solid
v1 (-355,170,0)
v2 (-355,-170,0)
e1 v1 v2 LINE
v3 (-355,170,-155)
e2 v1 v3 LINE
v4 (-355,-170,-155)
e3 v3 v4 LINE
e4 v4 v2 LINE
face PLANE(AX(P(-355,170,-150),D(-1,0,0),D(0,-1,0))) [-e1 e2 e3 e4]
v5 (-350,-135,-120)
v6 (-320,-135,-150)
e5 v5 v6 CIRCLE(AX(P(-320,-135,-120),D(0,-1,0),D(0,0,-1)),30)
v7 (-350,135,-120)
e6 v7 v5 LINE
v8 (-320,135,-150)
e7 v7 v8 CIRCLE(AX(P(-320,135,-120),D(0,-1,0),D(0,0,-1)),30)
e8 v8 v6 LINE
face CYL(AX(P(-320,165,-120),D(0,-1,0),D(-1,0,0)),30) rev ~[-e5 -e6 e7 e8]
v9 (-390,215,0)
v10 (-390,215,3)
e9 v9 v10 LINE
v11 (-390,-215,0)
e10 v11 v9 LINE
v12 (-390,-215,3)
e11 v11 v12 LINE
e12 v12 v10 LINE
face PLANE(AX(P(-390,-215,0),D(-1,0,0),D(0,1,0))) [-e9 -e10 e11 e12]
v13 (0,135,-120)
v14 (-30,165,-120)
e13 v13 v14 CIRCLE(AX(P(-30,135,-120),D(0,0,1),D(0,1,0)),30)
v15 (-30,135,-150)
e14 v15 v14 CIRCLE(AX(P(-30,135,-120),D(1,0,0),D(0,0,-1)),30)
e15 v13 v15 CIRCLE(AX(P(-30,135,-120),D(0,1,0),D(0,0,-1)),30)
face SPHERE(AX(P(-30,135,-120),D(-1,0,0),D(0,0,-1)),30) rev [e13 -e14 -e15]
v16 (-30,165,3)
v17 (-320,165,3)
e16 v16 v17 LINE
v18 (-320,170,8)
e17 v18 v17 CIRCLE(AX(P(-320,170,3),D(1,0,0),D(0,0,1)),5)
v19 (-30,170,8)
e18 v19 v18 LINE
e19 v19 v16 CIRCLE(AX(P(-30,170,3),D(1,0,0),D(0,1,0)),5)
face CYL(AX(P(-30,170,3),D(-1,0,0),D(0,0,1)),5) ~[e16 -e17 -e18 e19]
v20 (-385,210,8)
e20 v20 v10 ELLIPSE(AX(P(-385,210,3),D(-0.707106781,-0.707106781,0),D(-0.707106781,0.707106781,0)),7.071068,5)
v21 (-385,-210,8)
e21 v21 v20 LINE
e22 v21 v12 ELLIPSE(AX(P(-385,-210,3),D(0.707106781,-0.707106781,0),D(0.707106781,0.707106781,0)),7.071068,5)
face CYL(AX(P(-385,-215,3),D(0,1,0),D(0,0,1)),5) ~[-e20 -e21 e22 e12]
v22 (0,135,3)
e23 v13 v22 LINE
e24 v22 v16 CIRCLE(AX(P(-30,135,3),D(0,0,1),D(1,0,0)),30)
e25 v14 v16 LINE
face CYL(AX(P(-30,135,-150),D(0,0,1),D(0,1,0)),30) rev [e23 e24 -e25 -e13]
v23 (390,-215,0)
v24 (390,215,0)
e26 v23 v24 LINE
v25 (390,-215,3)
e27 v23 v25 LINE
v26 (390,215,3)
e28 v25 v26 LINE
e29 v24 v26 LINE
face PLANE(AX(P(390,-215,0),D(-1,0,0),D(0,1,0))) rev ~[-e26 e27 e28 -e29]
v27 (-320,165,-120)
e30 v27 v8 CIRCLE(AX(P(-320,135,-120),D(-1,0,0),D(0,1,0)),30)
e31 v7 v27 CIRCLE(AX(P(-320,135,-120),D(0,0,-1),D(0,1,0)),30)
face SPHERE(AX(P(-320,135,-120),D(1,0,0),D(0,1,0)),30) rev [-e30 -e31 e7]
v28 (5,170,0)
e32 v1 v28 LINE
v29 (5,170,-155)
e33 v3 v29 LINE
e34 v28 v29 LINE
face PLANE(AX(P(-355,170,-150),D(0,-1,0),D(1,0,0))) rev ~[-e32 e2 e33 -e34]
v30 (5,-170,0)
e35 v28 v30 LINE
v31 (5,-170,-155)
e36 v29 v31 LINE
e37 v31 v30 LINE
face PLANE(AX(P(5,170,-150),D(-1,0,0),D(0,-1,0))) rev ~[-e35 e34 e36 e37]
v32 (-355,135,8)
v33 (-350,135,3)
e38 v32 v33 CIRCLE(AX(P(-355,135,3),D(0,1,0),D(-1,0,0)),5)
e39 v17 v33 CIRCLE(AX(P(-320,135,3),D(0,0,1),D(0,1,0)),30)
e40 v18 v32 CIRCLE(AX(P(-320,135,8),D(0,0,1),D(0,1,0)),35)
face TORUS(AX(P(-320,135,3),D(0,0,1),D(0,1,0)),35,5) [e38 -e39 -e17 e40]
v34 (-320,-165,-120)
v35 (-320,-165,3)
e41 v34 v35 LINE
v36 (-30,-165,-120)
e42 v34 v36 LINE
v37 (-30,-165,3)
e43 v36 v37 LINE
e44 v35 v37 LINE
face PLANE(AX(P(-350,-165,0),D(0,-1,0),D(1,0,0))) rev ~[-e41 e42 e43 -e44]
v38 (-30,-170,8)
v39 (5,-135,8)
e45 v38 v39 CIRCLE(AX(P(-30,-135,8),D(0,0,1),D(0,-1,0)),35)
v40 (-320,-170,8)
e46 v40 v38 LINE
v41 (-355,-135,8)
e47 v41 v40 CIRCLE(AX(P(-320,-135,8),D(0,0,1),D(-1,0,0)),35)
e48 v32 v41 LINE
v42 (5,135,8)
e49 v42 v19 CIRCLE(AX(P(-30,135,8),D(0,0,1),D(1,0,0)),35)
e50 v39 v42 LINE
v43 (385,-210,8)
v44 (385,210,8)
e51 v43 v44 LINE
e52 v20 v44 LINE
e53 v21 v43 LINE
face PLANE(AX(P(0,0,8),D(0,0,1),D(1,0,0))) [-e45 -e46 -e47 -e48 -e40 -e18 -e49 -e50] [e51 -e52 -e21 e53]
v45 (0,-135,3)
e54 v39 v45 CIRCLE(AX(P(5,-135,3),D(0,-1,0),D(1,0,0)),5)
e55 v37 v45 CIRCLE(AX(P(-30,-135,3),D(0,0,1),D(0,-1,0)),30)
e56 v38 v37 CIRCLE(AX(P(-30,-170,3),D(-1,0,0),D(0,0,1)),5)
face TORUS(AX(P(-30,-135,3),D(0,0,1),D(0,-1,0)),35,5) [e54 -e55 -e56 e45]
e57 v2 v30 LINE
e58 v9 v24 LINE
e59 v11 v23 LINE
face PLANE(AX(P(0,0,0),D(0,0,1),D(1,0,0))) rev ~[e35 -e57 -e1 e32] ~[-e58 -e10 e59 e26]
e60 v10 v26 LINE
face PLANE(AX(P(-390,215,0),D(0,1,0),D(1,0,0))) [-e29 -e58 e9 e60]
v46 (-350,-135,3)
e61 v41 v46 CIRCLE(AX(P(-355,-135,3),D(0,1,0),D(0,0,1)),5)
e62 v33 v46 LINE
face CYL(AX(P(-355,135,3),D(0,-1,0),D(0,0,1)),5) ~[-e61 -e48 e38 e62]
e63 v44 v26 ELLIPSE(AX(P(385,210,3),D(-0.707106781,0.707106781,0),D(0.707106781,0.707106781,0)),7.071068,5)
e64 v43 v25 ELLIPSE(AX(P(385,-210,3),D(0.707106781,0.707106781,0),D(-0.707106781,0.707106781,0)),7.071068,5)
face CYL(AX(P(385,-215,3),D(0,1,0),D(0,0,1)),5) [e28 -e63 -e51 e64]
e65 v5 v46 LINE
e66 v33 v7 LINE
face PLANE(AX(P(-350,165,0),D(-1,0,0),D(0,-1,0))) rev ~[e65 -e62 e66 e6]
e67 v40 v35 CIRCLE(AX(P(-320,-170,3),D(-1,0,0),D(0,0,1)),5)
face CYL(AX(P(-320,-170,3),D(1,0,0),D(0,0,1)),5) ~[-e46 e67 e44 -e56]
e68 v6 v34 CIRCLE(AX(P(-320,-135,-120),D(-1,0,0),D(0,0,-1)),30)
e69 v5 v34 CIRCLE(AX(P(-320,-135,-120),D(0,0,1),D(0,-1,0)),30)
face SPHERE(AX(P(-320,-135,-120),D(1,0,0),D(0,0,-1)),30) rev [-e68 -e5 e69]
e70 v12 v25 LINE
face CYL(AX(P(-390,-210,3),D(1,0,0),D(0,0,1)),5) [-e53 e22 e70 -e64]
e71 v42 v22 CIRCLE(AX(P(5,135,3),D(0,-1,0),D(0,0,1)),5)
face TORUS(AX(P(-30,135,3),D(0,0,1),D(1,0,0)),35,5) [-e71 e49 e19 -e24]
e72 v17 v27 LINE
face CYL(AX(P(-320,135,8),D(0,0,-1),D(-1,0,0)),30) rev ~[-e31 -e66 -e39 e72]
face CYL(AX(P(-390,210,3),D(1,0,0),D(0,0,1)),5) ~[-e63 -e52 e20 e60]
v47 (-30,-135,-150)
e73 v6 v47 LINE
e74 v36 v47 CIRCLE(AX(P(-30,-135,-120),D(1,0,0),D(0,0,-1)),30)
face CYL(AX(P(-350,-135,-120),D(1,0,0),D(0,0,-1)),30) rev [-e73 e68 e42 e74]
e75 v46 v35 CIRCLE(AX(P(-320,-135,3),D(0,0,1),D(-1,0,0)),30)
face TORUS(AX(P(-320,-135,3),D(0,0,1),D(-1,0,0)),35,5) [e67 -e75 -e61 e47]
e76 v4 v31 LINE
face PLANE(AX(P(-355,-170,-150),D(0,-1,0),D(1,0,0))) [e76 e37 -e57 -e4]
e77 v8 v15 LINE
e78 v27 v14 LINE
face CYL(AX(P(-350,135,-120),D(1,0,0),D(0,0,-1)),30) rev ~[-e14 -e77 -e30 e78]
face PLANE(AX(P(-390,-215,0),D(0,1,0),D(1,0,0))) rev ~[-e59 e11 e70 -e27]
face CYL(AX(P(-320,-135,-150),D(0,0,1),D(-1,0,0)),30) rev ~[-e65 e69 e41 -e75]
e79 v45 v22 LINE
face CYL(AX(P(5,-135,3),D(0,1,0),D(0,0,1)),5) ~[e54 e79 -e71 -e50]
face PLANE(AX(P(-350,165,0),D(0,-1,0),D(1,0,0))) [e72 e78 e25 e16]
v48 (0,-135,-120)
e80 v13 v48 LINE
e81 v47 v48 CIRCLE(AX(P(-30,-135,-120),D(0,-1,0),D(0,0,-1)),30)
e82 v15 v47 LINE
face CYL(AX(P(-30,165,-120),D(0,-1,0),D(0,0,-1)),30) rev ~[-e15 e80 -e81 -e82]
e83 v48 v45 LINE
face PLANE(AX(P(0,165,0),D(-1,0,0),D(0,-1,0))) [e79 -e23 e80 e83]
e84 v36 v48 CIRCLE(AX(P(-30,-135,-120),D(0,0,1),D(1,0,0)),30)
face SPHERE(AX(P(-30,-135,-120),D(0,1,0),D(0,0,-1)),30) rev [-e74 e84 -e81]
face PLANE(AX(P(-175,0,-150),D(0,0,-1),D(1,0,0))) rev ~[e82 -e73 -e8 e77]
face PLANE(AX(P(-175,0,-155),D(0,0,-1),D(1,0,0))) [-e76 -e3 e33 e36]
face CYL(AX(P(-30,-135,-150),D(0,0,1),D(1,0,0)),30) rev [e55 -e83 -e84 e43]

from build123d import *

# Parameters (mm, degrees)
F0_W     = 780
F0_H     = 430
F1_DEPTH = 8
F3_W     = 350
F3_H     = 330
F4_DEPTH = 25
F5_W     = 360
F5_H     = 340
F5_W_2   = 350
F5_H_2   = 330
F6_DEPTH = 150
F7_W     = 360
F7_H     = 340
F7_W_2   = 350
F7_H_2   = 330
F8_DEPTH = 5
F9_R     = 30
F10_R    = 5


with BuildPart() as f1:
    # F0 (on Top) → F1 (new body)
    with BuildSketch(Plane.XY):
        Rectangle(F0_W, F0_H)
    extrude(amount=F1_DEPTH)

    # F3 (on face) → F4 (cut)
    with BuildSketch(Plane.XY.offset(8)):
        with Locations((-175, 0)):
            Rectangle(F3_W, F3_H)
    extrude(amount=-F4_DEPTH, mode=Mode.SUBTRACT)

    # F5 (on face) → F6 (join)
    with BuildSketch(Plane(origin=(0, 0, 0), x_dir=(1, 0, 0), z_dir=(0, 0, -1))):
        with Locations((-175, 0)):
            Rectangle(F5_W, F5_H)
        with Locations((-175, 0)):
            Rectangle(F5_W_2, F5_H_2, mode=Mode.SUBTRACT)
    extrude(amount=F6_DEPTH)

    # F7 (on face) → F8 (join)
    with BuildSketch(Plane(origin=(0, 0, -150), x_dir=(1, 0, 0), z_dir=(0, 0, -1))):
        with Locations((-175, 0)):
            Rectangle(F7_W, F7_H)
        with Locations((-175, 0)):
            Rectangle(F7_W_2, F7_H_2, mode=Mode.SUBTRACT)
        with Locations((-175, 0)):
            Rectangle(F7_W_2, F7_H_2)
    extrude(amount=F8_DEPTH)

    # F9
    f9_edges = [f1.edges().sort_by_distance(p)[0] for p in [
        (-175, 165, -150),
        (0, 0, -150),
        (-175, -165, -150),
        (0, -165, -71),
        (0, 165, -71),
        (-350, 165, -71),
        (-350, 0, -150),
        (-350, -165, -71),
    ]]
    fillet(f9_edges, radius=F9_R)

    # F10
    f10_edges = [f1.edges().sort_by_distance(p)[0] for p in [
        (-390, 0, 8),
        (-175, -165, 8),
        (-341.213203, -156.213203, 8),
        (-8.786797, -156.213203, 8),
        (-350, 0, 8),
        (0, 0, 8),
        (-341.213203, 156.213203, 8),
        (-8.786797, 156.213203, 8),
        (-175, 165, 8),
        (390, 0, 8),
        (0, -215, 8),
        (0, 215, 8),
    ]]
    fillet(f10_edges, radius=F10_R)


solid = f1.part
